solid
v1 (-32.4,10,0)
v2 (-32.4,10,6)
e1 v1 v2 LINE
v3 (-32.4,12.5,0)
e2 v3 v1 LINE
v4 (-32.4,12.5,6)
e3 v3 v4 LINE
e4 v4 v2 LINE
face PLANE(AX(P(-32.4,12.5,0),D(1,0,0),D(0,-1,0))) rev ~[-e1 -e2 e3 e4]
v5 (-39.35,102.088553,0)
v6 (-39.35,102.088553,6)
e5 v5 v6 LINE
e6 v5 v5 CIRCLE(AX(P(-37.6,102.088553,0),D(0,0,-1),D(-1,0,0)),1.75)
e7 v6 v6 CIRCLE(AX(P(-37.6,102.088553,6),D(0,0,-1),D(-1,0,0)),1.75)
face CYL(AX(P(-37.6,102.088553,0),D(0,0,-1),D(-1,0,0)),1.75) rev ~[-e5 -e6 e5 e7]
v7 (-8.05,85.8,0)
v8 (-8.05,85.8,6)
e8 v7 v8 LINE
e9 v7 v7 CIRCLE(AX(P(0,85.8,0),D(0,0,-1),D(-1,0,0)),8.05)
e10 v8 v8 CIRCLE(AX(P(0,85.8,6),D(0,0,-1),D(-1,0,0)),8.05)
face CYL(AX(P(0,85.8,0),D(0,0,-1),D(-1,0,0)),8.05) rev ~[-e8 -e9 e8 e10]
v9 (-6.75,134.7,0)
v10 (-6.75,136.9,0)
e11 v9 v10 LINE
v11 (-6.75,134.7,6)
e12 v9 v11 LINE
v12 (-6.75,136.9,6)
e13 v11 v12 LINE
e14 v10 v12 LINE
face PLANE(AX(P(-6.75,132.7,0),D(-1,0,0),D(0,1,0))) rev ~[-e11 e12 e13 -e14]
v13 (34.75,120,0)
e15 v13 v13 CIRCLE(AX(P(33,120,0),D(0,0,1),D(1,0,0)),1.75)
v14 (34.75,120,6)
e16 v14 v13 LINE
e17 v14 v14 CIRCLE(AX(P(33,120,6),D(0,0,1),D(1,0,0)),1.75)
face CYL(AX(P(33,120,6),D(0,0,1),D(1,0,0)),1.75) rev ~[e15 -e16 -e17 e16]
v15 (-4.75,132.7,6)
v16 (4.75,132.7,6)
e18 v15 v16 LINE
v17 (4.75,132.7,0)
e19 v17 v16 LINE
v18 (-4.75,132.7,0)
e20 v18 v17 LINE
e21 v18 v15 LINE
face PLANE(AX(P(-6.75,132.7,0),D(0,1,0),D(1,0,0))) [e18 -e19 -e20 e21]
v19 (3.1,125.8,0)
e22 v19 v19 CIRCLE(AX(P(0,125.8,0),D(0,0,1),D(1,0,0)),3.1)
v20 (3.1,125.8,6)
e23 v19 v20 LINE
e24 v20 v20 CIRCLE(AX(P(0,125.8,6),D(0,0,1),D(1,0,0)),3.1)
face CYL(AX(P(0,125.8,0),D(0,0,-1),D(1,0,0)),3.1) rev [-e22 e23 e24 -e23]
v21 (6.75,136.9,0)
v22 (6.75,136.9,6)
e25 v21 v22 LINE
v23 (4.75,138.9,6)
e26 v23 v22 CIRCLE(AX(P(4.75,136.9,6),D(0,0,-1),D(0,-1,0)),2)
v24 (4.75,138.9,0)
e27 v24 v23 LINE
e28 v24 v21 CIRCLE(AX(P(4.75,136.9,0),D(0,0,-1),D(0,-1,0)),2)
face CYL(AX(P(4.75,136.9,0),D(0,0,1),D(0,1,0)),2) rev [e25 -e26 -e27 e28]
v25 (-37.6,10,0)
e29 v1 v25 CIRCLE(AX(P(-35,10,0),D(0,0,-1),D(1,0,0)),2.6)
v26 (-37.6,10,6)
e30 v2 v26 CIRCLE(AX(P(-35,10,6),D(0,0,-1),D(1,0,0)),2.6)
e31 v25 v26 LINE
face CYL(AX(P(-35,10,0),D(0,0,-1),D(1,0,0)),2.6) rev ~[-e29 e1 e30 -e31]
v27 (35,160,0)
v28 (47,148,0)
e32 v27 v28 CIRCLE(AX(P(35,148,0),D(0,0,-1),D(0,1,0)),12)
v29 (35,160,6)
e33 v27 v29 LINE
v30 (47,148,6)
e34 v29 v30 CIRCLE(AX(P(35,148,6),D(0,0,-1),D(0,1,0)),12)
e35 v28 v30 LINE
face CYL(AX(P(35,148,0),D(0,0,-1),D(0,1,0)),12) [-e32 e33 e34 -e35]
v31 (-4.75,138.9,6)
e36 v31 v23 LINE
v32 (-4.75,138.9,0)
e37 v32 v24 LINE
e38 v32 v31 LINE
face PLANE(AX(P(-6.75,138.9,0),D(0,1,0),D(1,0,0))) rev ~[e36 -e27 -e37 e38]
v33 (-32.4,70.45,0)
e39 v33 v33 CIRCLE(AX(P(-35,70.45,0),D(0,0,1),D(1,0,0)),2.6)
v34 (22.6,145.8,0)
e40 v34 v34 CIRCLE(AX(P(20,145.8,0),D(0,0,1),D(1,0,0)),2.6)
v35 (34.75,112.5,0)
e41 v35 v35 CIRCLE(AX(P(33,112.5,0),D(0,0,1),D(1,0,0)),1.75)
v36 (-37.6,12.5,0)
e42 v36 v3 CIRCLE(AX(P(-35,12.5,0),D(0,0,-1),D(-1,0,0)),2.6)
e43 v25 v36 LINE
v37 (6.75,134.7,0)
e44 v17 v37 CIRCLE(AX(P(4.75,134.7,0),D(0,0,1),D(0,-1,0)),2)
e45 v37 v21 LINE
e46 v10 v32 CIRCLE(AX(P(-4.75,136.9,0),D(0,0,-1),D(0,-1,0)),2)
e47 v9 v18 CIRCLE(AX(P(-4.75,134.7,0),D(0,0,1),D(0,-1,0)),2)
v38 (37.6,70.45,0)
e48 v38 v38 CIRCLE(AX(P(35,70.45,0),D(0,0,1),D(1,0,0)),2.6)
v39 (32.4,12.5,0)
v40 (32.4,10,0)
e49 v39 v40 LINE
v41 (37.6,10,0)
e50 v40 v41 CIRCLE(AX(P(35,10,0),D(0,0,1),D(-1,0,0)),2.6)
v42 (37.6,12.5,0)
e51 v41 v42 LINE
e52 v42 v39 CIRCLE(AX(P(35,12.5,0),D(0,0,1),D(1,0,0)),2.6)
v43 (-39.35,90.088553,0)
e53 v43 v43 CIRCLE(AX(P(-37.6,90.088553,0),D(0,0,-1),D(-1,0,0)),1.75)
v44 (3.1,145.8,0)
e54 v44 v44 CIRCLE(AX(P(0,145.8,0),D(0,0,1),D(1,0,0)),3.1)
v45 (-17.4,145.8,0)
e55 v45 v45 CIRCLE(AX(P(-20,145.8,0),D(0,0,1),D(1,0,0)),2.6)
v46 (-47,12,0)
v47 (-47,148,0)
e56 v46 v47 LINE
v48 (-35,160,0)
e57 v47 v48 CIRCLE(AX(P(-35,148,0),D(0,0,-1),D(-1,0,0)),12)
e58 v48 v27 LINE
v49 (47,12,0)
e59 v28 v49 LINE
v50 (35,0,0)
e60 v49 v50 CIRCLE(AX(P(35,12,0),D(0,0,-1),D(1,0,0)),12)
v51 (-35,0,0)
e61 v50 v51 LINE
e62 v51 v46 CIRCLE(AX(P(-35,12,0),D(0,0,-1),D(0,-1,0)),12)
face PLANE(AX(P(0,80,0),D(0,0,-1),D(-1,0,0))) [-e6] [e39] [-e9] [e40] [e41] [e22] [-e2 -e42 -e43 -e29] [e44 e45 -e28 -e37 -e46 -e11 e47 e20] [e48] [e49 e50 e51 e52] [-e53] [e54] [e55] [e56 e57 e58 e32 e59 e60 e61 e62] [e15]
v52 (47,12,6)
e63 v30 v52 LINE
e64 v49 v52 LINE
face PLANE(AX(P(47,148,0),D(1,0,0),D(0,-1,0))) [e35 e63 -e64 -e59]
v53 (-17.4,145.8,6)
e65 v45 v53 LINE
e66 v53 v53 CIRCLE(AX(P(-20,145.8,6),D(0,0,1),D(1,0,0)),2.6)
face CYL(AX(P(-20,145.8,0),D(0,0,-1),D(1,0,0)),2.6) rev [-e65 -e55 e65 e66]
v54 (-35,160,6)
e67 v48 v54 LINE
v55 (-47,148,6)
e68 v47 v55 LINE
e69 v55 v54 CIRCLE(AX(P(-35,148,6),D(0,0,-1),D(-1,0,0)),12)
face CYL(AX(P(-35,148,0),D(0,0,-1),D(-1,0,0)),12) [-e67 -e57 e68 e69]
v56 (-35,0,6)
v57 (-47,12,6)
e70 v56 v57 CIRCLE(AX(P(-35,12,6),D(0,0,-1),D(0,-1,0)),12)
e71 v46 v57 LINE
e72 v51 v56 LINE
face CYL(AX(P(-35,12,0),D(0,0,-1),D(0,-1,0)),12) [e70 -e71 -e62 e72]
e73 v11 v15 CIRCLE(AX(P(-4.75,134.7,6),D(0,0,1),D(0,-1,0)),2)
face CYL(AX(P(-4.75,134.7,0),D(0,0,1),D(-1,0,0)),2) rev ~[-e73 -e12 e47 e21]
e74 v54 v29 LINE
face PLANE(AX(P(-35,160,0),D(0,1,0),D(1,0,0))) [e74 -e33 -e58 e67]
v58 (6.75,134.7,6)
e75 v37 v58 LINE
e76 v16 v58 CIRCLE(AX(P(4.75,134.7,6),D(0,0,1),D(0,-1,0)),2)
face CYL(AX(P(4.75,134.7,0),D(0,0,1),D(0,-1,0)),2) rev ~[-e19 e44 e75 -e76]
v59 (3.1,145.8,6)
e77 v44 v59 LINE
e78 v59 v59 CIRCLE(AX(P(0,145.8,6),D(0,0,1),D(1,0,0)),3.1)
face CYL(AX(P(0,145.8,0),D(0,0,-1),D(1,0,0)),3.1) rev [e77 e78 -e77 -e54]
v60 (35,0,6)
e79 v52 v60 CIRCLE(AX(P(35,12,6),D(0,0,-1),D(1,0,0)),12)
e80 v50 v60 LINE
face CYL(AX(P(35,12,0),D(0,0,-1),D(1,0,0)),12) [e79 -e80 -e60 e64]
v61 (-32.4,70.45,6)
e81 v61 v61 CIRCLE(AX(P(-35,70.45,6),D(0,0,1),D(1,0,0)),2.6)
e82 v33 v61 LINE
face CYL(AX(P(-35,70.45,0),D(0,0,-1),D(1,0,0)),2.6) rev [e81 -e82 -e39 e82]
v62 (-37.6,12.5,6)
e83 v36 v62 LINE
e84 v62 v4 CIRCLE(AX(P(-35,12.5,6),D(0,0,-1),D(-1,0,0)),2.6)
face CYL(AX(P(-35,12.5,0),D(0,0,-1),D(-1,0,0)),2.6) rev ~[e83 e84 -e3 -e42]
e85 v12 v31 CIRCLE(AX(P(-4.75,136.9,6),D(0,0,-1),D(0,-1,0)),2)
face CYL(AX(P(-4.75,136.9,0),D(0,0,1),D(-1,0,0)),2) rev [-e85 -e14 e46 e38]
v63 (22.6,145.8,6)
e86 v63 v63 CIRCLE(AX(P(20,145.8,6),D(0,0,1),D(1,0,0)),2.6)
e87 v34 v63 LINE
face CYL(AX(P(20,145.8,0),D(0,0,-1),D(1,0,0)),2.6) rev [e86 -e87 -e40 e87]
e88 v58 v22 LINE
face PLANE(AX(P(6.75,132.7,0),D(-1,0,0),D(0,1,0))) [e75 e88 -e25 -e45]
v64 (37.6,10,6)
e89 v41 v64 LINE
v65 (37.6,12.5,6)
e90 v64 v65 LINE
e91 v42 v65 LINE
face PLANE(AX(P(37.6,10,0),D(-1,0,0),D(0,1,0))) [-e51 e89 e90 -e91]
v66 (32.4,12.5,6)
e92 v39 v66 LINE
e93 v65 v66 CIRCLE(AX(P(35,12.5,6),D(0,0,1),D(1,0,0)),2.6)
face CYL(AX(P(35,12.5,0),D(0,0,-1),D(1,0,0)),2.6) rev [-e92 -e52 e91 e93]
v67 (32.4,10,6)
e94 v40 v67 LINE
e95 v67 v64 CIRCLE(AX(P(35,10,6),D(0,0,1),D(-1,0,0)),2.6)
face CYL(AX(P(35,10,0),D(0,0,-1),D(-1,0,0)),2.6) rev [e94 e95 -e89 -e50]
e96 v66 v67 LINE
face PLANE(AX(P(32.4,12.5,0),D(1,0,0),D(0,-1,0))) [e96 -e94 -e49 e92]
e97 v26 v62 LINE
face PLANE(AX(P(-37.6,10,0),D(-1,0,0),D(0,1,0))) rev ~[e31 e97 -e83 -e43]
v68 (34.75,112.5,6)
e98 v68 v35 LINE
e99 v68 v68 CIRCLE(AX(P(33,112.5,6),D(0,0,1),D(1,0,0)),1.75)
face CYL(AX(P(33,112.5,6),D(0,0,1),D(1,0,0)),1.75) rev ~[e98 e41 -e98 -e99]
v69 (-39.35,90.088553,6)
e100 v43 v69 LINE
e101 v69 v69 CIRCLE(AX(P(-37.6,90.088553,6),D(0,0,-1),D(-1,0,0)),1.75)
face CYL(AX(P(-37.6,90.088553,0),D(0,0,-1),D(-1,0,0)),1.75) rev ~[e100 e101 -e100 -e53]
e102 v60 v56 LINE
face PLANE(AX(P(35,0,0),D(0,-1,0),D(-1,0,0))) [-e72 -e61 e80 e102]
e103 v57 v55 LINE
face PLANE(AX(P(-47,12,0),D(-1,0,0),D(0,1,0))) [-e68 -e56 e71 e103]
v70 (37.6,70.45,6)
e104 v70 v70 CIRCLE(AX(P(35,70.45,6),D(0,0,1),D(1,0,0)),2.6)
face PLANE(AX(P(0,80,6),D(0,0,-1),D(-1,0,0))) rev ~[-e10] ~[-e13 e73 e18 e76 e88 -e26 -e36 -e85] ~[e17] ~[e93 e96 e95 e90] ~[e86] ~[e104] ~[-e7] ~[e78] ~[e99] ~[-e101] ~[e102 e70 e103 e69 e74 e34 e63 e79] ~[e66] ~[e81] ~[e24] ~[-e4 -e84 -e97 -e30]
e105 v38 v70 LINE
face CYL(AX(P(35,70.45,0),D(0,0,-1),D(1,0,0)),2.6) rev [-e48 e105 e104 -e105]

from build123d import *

# Parameters (mm, degrees)
MODEL_R           = 3.1
MODEL_R_2         = 2.6
MODEL_W           = 13.5
MODEL_H           = 6.2
BASE_DEPTH        = 6
SKETCH_1_R        = 8.05
BEARINGHOLE_DEPTH = 10
SKETCH1_R         = 1.75
SENSORMOUNT_DEPTH = 10
SKETCH3_R         = 1.75
CABLEMOUNT_DEPTH  = 10
FILLETCABLESLOT_R = 2


with BuildPart() as part:
    # Model → Base (new body)
    with BuildSketch(Plane.XY):
        with BuildLine():
            Line((-35, 160), (35, 160))
            ThreePointArc((35, 160), (43.485281374, 156.485281374), (47, 148))
            Line((47, 148), (47, 12))
            ThreePointArc((47, 12), (43.485281374, 3.514718626), (35, 0))
            Line((35, 0), (-35, 0))
            ThreePointArc((-35, 0), (-43.485281374, 3.514718626), (-47, 12))
            Line((-47, 12), (-47, 148))
            ThreePointArc((-47, 148), (-43.485281374, 156.485281374), (-35, 160))
        make_face()
        with Locations((0, 145.8)):
            Circle(MODEL_R, mode=Mode.SUBTRACT)
        with Locations((-20, 145.8)):
            Circle(MODEL_R_2, mode=Mode.SUBTRACT)
        with Locations((20, 145.8)):
            Circle(MODEL_R_2, mode=Mode.SUBTRACT)
        with Locations((-35, 70.45)):
            Circle(MODEL_R_2, mode=Mode.SUBTRACT)
        with Locations((0, 125.8)):
            Circle(MODEL_R, mode=Mode.SUBTRACT)
        with Locations((35, 70.45)):
            Circle(MODEL_R_2, mode=Mode.SUBTRACT)
        with BuildLine():
            Line((-32.4, 12.5), (-32.4, 10))
            ThreePointArc((-32.4, 10), (-35, 7.4), (-37.6, 10))
            Line((-37.6, 10), (-37.6, 12.5))
            ThreePointArc((-37.6, 12.5), (-35, 15.1), (-32.4, 12.5))
        make_face(mode=Mode.SUBTRACT)
        with BuildLine():
            Line((32.4, 12.5), (32.4, 10))
            ThreePointArc((32.4, 10), (35, 7.4), (37.6, 10))
            Line((37.6, 10), (37.6, 12.5))
            ThreePointArc((37.6, 12.5), (35, 15.1), (32.4, 12.5))
        make_face(mode=Mode.SUBTRACT)
        with Locations((0, 135.8)):
            Rectangle(MODEL_W, MODEL_H, mode=Mode.SUBTRACT)
    extrude(amount=BASE_DEPTH)

    # Эскиз1 → BearingHole (cut)
    with BuildSketch(Plane(origin=(0, 0, 0), x_dir=(-1, 0, 0), z_dir=(0, 0, -1))):
        with Locations((0, 85.8)):
            Circle(SKETCH_1_R)
    extrude(amount=-BEARINGHOLE_DEPTH, mode=Mode.SUBTRACT)

    # Sketch1 → SensorMount (cut)
    with BuildSketch(Plane.XY.offset(6)):
        with Locations((33, 120)):
            Circle(SKETCH1_R)
        with Locations((33, 112.5)):
            Circle(SKETCH1_R)
    extrude(amount=-SENSORMOUNT_DEPTH, mode=Mode.SUBTRACT)

    # Sketch3 → CableMount (cut)
    with BuildSketch(Plane(origin=(0, 0, 0), x_dir=(-1, 0, 0), z_dir=(0, 0, -1))):
        with Locations((37.6, 90.08855339)):
            Circle(SKETCH3_R)
        with Locations((37.6, 102.08855339)):
            Circle(SKETCH3_R)
    extrude(amount=-CABLEMOUNT_DEPTH, mode=Mode.SUBTRACT)

    # FilletCableSlot
    filletcableslot_edges = [part.edges().sort_by_distance(p)[0] for p in [
        (6.75, 132.7, 3),
        (6.75, 138.9, 3),
        (-6.75, 138.9, 3),
        (-6.75, 132.7, 3),
    ]]
    fillet(filletcableslot_edges, radius=FILLETCABLESLOT_R)


solid = part.part
